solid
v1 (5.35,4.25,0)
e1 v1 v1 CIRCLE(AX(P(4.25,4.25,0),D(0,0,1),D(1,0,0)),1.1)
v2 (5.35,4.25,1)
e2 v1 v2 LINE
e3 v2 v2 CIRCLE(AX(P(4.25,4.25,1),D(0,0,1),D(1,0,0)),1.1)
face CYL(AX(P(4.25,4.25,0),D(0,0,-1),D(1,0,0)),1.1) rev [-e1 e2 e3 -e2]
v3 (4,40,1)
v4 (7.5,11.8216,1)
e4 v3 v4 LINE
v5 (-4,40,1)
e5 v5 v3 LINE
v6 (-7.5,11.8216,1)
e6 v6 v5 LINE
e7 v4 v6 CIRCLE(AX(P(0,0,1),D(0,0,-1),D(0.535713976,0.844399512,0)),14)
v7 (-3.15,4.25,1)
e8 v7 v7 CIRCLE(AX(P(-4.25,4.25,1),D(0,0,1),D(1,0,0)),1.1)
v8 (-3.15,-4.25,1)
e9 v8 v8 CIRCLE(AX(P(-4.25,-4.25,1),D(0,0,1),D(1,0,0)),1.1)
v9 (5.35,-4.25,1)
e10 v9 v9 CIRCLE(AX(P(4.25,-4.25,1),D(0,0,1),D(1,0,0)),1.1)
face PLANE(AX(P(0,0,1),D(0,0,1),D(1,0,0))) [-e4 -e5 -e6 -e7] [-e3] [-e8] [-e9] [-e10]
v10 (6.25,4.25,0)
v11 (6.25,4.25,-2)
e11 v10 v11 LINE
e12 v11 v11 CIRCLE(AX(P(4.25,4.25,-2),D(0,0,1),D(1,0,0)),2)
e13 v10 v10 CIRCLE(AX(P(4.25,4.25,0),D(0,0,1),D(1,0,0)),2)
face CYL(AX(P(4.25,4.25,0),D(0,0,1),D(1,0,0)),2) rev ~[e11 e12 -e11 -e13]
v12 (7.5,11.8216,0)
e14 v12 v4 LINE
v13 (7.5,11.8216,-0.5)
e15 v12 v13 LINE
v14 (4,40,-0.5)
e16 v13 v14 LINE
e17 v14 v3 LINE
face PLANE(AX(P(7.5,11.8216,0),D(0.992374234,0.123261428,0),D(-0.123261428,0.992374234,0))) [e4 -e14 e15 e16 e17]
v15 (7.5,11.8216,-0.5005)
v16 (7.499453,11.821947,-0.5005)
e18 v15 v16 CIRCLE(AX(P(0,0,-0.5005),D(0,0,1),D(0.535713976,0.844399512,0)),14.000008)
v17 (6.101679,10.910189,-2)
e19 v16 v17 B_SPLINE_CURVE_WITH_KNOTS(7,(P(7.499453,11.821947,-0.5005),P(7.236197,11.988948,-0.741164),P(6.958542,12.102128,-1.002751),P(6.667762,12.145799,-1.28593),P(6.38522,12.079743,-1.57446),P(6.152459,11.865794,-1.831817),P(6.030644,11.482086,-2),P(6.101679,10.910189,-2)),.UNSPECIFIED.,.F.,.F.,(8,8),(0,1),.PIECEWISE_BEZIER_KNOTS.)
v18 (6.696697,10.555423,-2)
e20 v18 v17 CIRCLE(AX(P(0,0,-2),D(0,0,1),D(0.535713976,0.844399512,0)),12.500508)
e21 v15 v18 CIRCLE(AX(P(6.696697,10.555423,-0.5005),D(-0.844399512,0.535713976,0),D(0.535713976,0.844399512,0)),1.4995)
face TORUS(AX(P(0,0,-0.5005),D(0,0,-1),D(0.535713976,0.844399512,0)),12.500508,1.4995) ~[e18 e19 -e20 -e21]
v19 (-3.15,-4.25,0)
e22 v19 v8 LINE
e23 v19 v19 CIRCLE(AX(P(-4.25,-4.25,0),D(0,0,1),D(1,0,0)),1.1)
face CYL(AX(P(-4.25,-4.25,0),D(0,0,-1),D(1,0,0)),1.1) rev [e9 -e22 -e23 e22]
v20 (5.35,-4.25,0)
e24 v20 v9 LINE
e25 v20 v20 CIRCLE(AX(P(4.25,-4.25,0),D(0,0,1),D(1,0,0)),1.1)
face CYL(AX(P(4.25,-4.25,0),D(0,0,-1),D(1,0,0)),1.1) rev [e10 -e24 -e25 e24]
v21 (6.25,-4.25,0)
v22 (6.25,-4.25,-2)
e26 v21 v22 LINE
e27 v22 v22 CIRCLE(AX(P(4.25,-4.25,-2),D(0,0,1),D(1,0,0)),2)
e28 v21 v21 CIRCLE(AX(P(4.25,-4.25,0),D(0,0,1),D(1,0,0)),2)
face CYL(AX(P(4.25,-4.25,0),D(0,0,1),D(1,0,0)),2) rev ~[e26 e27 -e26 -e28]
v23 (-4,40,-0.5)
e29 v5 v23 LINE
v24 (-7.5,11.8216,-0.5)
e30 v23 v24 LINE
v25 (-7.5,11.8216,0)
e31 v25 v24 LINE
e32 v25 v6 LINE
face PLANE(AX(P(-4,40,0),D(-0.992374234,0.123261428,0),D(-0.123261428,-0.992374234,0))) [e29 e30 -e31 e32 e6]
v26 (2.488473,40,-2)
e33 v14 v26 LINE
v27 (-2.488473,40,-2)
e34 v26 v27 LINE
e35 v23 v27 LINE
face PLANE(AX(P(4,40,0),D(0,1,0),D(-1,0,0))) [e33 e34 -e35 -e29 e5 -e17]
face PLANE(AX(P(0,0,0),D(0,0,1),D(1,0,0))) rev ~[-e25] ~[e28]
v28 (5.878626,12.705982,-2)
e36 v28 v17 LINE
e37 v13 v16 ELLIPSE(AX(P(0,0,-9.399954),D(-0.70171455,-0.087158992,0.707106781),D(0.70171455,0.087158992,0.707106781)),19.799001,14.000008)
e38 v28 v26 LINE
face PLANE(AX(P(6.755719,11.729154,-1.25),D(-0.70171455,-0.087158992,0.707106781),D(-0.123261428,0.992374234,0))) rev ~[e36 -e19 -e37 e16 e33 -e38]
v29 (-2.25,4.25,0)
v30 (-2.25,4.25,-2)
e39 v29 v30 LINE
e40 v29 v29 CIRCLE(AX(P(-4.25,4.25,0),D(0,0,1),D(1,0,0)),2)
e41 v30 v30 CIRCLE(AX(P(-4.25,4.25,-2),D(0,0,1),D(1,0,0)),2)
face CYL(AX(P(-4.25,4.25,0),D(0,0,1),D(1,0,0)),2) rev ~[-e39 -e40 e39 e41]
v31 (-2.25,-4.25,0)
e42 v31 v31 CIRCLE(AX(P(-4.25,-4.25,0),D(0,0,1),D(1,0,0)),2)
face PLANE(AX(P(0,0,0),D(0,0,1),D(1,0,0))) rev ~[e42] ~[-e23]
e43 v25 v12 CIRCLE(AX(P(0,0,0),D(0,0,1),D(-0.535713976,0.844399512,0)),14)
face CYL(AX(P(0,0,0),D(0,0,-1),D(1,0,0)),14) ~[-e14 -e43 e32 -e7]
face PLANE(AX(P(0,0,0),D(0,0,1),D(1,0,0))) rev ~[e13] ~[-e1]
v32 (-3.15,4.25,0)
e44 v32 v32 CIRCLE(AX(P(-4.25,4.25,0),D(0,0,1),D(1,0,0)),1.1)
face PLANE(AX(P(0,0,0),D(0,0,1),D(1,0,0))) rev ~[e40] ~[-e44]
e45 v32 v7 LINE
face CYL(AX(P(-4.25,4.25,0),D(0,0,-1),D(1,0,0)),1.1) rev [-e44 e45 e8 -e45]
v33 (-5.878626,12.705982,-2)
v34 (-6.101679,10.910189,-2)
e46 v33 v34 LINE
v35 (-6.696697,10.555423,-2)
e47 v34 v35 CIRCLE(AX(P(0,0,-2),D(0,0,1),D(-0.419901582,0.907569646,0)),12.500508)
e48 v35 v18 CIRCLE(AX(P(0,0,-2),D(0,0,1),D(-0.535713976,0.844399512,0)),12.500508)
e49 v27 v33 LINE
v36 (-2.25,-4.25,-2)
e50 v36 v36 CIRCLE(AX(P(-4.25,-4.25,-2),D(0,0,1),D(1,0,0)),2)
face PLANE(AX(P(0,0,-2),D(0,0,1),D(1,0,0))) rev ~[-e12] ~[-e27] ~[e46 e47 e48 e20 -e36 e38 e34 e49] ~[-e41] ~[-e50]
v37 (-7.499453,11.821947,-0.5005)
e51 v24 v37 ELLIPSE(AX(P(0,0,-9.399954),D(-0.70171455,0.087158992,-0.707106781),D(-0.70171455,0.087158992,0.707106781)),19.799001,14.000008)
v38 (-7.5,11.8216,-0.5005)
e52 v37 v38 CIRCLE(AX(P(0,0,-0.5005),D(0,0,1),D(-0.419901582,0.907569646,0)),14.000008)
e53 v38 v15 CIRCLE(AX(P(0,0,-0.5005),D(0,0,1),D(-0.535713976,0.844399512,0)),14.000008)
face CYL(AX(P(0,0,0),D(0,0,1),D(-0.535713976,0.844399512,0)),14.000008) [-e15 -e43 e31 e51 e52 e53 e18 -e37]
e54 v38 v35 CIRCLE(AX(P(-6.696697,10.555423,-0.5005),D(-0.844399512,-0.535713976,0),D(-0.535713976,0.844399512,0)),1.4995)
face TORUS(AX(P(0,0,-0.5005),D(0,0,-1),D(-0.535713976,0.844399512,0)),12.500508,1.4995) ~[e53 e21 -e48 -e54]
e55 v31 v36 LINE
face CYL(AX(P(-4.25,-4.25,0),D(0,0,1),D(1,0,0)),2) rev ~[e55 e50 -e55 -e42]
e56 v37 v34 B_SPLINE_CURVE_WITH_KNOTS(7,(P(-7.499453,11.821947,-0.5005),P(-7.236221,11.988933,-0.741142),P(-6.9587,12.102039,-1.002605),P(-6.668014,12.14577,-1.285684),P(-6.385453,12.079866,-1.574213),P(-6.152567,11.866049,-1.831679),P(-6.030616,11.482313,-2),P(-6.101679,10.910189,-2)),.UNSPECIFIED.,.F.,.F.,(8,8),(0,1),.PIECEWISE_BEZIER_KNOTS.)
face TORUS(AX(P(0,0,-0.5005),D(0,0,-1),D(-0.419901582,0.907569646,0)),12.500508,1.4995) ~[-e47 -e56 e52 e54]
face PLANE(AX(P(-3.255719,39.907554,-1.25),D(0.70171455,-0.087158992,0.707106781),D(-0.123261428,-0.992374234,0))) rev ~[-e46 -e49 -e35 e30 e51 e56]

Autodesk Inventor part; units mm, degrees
ref_plane "YZ Plane" through (0, 0, 0) normal (1, 0, 0) x (0, 1, 0)
ref_plane "XZ Plane" through (0, 0, 0) normal (0, 1, 0) x (-1, 0, 0)
ref_plane "XY Plane" through (0, 0, 0) normal (0, 0, 1) x (1, 0, 0)
sketch "Sketch1" plane through (0, 0, 0) normal (0, 0, 1) x (1, 0, 0)
  circle A0 centre (0, 0) radius 14
  circle A1 centre (-4.25, 4.25) radius 1.1
  circle A2 centre (-4.25, -4.25) radius 1.1
  circle A3 centre (4.25, -4.25) radius 1.1
  circle A4 centre (4.25, 4.25) radius 1.1
  line L0 (-7.5, 11.8216) -> (-4, 40)
  line L1 (-4, 40) -> (4, 40)
  line L2 (4, 40) -> (7.5, 11.8216)
  point P0 (0, 40)
  dimension "d0" = 8.5
  dimension "d1" = 8.5
  dimension "d2" = 4.25
  dimension "d3" = 4.25
  dimension "d4" = 2.2
  dimension "d5" = 28
  dimension "d6" = 8
  dimension "d7" = 15
  dimension "d8" = 40
extrude "Extrusion1" add sketch "Sketch1" along normal blind 1
sketch "Sketch2" plane through (0, 0, 0) normal (0, 0, 1) x (1, 0, 0)
  line L0 (7.5, 11.8216) -> (4, 40) projected
  line L1 (4, 40) -> (-4, 40) projected
  line L2 (-4, 40) -> (-7.5, 11.8216) projected
  arc A0 (-7.5, 11.8216) -> (7.5, 11.8216) centre (0, 0) ccw projected
  circle A1 centre (-4.25, 4.25) radius 1.1 projected
  circle A2 centre (-4.25, -4.25) radius 1.1 projected
  circle A3 centre (4.25, -4.25) radius 1.1 projected
  circle A4 centre (4.25, 4.25) radius 1.1 projected
  circle A5 centre (-4.25, 4.25) radius 2
  circle A6 centre (-4.25, -4.25) radius 1.1 projected
  circle A7 centre (-4.25, -4.25) radius 2
  circle A8 centre (4.25, -4.25) radius 1.1 projected
  circle A9 centre (4.25, -4.25) radius 2
  circle A10 centre (4.25, 4.25) radius 2
  dimension "d11" = 4
extrude "Extrusion2" add sketch "Sketch2" against normal blind 2 contours A0 L2 L1 L0
chamfer "Chamfer1" distance 1.5 angle 45 2 edges at (-5.75, 25.9108, -2) (5.75, 25.9108, -2)
fillet "Fillet1" radius 1.5 1 edges at (0, -14, -2)
equation "\"d1\" = d0"
equation "\"d2\" = 0.5 * d1"
equation "\"d3\" = 0.5 * d0"
properties part number "Pointerlever"
